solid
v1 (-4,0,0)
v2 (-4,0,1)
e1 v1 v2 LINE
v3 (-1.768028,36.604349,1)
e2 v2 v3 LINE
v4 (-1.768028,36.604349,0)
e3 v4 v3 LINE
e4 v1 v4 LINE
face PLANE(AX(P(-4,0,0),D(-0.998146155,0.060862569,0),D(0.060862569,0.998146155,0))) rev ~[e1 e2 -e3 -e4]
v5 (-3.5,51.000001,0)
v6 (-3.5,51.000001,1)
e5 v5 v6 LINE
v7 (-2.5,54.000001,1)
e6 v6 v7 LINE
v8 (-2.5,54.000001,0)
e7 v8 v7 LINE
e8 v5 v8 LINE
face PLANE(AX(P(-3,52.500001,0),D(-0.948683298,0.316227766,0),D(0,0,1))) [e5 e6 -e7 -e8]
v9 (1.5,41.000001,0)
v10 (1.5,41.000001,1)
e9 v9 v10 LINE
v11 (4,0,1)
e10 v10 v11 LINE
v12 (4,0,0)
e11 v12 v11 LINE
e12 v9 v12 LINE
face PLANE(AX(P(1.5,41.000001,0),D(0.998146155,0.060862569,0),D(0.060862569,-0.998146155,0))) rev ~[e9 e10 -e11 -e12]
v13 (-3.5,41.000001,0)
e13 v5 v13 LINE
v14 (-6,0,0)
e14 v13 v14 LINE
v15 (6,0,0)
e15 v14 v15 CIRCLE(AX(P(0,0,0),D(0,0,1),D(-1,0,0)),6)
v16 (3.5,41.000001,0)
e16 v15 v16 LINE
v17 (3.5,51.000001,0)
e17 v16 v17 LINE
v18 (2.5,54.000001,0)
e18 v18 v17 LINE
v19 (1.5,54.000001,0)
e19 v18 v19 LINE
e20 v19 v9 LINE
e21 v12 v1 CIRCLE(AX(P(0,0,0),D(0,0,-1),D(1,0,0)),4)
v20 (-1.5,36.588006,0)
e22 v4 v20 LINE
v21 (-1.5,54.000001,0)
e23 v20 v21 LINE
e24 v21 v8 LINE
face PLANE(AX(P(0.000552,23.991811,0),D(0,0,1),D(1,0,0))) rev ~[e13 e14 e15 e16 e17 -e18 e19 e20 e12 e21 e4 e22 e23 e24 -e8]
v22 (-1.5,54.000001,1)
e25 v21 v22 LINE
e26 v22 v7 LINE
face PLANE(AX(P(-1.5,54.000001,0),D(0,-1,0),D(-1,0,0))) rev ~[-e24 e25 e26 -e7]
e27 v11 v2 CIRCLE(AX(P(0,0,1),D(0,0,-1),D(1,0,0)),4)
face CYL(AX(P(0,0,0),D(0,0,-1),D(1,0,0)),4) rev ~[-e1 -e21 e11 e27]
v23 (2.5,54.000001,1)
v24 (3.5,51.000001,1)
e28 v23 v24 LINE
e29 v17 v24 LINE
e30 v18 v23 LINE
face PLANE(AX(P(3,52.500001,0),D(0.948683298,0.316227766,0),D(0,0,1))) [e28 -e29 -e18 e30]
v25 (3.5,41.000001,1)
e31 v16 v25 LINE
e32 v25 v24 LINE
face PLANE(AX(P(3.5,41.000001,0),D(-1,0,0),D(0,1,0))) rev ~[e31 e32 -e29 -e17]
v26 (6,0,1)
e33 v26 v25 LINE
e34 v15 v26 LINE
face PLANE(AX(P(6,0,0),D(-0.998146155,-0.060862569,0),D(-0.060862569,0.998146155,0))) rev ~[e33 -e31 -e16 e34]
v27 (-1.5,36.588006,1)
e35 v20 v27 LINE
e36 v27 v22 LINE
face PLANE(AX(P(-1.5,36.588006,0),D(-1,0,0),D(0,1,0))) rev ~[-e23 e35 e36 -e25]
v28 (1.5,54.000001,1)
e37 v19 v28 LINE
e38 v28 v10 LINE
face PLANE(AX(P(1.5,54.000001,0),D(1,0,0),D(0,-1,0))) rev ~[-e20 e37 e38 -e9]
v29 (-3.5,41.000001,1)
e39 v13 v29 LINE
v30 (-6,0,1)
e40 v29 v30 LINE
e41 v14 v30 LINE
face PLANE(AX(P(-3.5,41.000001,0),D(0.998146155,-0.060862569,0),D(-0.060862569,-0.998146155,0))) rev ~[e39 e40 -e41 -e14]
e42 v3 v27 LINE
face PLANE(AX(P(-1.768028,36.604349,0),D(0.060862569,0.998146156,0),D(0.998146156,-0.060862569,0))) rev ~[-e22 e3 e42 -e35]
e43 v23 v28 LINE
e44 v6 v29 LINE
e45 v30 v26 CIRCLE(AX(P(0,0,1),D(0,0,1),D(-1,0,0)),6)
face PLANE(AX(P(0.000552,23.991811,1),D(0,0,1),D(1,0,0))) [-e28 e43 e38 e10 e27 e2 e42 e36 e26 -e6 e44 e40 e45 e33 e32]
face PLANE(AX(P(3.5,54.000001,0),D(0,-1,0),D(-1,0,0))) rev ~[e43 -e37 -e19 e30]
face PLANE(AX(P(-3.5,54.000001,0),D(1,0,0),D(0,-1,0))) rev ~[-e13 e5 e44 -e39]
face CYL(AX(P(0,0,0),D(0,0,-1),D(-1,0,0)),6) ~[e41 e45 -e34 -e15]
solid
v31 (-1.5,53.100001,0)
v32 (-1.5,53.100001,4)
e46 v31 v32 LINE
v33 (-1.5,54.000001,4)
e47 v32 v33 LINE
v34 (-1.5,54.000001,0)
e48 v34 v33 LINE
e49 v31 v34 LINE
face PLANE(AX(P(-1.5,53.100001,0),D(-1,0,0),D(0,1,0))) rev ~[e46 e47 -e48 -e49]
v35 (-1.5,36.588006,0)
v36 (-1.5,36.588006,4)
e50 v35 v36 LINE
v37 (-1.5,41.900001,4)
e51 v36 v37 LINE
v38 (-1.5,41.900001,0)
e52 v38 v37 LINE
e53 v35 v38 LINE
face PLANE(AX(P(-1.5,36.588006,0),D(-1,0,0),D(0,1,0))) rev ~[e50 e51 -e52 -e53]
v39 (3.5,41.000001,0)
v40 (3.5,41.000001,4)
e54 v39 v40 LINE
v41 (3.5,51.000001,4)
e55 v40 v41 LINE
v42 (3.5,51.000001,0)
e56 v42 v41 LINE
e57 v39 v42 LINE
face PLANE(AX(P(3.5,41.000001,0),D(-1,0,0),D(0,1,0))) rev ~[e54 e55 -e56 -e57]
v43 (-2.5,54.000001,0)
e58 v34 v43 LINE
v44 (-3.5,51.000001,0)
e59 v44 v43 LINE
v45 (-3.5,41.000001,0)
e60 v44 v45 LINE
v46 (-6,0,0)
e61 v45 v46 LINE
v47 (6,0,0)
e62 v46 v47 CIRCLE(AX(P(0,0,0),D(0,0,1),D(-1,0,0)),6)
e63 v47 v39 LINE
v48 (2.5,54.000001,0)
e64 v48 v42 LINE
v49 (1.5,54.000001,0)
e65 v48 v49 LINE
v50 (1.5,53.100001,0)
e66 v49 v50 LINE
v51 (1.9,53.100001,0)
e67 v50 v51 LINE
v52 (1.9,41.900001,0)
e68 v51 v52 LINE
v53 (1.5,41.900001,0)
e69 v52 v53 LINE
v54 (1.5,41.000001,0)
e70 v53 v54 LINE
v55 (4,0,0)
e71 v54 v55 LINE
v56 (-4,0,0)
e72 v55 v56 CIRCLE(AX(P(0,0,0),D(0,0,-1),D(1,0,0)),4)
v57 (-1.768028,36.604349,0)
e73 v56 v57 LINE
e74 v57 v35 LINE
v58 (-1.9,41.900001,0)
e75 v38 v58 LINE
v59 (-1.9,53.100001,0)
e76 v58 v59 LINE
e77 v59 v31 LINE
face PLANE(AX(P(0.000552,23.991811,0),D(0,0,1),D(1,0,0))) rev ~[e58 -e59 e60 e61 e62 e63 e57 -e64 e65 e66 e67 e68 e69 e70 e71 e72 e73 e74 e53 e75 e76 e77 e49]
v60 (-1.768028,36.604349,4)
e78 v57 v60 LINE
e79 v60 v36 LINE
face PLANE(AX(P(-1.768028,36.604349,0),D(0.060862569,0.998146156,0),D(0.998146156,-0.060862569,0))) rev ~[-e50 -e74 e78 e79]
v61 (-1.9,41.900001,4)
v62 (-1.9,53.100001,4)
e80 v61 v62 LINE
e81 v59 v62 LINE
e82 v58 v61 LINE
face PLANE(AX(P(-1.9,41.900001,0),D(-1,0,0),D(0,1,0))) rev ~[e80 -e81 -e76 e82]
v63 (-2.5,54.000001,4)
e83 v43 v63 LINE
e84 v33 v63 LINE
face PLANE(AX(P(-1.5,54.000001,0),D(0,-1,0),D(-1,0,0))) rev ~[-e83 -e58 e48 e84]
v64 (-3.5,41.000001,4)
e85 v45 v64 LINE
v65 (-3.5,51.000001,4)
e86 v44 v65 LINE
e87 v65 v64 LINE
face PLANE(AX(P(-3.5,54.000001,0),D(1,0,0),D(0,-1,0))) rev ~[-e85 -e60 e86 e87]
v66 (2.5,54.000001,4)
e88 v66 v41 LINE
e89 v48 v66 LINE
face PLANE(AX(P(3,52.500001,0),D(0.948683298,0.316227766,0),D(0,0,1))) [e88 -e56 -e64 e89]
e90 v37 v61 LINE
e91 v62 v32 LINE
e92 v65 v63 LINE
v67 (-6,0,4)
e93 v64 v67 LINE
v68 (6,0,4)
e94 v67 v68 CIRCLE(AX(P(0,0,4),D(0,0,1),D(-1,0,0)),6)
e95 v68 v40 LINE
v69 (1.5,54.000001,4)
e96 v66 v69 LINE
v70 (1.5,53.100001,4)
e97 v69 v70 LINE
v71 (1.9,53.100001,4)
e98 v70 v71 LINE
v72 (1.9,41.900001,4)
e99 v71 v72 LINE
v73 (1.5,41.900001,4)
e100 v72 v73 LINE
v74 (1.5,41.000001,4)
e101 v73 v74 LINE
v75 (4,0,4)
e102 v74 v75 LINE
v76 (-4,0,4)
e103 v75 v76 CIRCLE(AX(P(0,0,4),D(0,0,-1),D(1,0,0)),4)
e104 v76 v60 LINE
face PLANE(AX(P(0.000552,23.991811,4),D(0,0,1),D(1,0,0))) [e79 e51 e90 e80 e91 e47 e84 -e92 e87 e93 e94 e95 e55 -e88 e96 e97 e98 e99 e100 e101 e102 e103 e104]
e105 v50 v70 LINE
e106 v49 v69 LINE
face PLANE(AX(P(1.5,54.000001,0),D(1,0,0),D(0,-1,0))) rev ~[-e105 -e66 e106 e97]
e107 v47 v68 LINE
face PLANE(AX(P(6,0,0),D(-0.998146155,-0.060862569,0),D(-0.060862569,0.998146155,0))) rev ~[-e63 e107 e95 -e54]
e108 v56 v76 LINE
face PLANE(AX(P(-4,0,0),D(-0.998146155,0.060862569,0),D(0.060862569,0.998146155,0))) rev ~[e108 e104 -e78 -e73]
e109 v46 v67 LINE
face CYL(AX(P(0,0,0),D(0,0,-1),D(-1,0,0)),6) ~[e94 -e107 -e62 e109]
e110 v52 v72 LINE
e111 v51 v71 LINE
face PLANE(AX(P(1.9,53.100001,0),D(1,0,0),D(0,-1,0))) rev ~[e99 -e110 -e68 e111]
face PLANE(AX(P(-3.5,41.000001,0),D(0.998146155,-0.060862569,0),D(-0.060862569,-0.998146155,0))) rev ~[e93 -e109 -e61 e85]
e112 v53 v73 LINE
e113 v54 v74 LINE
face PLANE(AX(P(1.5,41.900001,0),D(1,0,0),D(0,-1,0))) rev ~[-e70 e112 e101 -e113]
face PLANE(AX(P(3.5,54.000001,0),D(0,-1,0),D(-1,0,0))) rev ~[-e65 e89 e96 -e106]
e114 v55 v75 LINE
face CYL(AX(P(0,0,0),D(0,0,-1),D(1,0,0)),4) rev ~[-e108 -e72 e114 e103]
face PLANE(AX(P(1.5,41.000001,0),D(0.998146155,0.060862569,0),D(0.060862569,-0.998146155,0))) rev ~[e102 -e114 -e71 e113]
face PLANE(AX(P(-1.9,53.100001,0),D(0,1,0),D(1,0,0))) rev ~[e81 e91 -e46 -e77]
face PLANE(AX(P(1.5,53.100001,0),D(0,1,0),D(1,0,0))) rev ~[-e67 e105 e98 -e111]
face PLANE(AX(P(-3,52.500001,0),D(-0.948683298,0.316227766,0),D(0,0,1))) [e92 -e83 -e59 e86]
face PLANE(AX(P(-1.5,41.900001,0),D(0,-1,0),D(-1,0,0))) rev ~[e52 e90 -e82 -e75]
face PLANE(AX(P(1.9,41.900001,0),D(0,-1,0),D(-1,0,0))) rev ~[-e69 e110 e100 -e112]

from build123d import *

# Parameters (mm, degrees)
F0_W       = 0.4
F0_H       = 11.2
F1_DEPTH   = 1
F2_DEPTH   = 4
F3_SIZE2   = 1
F3_SIZE    = 3
F3_2_SIZE2 = 1
F3_2_SIZE  = 3
F4_SIZE2   = 3
F4_SIZE    = 1
F4_2_SIZE2 = 3
F4_2_SIZE  = 1


with BuildPart() as f1:
    # F0 (on Top) → F1 (new body)
    with BuildSketch(Plane.XY):
        with BuildLine():
            ThreePointArc((4, 0), (0, -4), (-4, 0))
            Line((-4, 0), (-1.7680275698, 36.6043488656))
            Line((-1.7680275698, 36.6043488656), (-1.5, 36.5880057216))
            Line((-1.5, 36.5880057216), (-1.5, 41.9000011325))
            Line((-1.5, 41.9000011325), (-1.9, 41.9000011325))
            Line((-1.9, 41.9000011325), (-1.9, 53.1000011325))
            Line((-1.9, 53.1000011325), (-1.5, 53.1000011325))
            Line((-1.5, 53.1000011325), (-1.5, 54.0000011325))
            Line((-1.5, 54.0000011325), (-3.5, 54.0000011325))
            Line((-3.5, 54.0000011325), (-3.5, 41.0000011325))
            Line((-3.5, 41.0000011325), (-6, 0))
            ThreePointArc((-6, 0), (0, -6), (6, 0))
            Line((6, 0), (3.5, 41.0000011325))
            Line((3.5, 41.0000011325), (3.5, 54.0000011325))
            Line((3.5, 54.0000011325), (1.5, 54.0000011325))
            Line((1.5, 54.0000011325), (1.5, 53.1000011325))
            Line((1.5, 53.1000011325), (1.9, 53.1000011325))
            Line((1.9, 53.1000011325), (1.9, 41.9000011325))
            Line((1.9, 41.9000011325), (1.5, 41.9000011325))
            Line((1.5, 41.9000011325), (1.5, 41.0000011325))
            Line((1.5, 41.0000011325), (4, 0))
        make_face()
        with Locations((1.7, 47.5000011325)):
            Rectangle(F0_W, F0_H)
        with Locations((-1.7, 47.5000011325)):
            Rectangle(F0_W, F0_H)
    extrude(amount=F1_DEPTH)

    # F3#2
    f3_2_edges = [f1.edges().sort_by_distance(p)[0] for p in [
        (-3.5, 54.000001, 0.5),
    ]]
    f3_2_side = f1.faces().sort_by_distance((-3.5, 47.500001, 0.5))[0]
    chamfer(f3_2_edges, length=F3_2_SIZE, length2=F3_2_SIZE2, reference=f3_2_side)

    # F4
    f4_edges = [f1.edges().sort_by_distance(p)[0] for p in [
        (3.5, 54.000001, 0.5),
    ]]
    f4_side = f1.faces().sort_by_distance((2.5, 54.000001, 0.5))[0]
    chamfer(f4_edges, length=F4_SIZE, length2=F4_SIZE2, reference=f4_side)


with BuildPart() as f2:
    # F0 (on Top) → F2 (new body)
    with BuildSketch(Plane.XY):
        with BuildLine():
            ThreePointArc((4, 0), (0, -4), (-4, 0))
            Line((-4, 0), (-1.7680275698, 36.6043488656))
            Line((-1.7680275698, 36.6043488656), (-1.5, 36.5880057216))
            Line((-1.5, 36.5880057216), (-1.5, 41.9000011325))
            Line((-1.5, 41.9000011325), (-1.9, 41.9000011325))
            Line((-1.9, 41.9000011325), (-1.9, 53.1000011325))
            Line((-1.9, 53.1000011325), (-1.5, 53.1000011325))
            Line((-1.5, 53.1000011325), (-1.5, 54.0000011325))
            Line((-1.5, 54.0000011325), (-3.5, 54.0000011325))
            Line((-3.5, 54.0000011325), (-3.5, 41.0000011325))
            Line((-3.5, 41.0000011325), (-6, 0))
            ThreePointArc((-6, 0), (0, -6), (6, 0))
            Line((6, 0), (3.5, 41.0000011325))
            Line((3.5, 41.0000011325), (3.5, 54.0000011325))
            Line((3.5, 54.0000011325), (1.5, 54.0000011325))
            Line((1.5, 54.0000011325), (1.5, 53.1000011325))
            Line((1.5, 53.1000011325), (1.9, 53.1000011325))
            Line((1.9, 53.1000011325), (1.9, 41.9000011325))
            Line((1.9, 41.9000011325), (1.5, 41.9000011325))
            Line((1.5, 41.9000011325), (1.5, 41.0000011325))
            Line((1.5, 41.0000011325), (4, 0))
        make_face()
    extrude(amount=F2_DEPTH)

    # F3
    f3_edges = [f2.edges().sort_by_distance(p)[0] for p in [
        (-3.5, 54.000001, 2),
    ]]
    f3_side = f2.faces().sort_by_distance((-3.5, 47.500001, 2))[0]
    chamfer(f3_edges, length=F3_SIZE, length2=F3_SIZE2, reference=f3_side)

    # F4#2
    f4_2_edges = [f2.edges().sort_by_distance(p)[0] for p in [
        (3.5, 54.000001, 2),
    ]]
    f4_2_side = f2.faces().sort_by_distance((2.5, 54.000001, 2))[0]
    chamfer(f4_2_edges, length=F4_2_SIZE, length2=F4_2_SIZE2, reference=f4_2_side)


solid = Compound([f1.part, f2.part])
